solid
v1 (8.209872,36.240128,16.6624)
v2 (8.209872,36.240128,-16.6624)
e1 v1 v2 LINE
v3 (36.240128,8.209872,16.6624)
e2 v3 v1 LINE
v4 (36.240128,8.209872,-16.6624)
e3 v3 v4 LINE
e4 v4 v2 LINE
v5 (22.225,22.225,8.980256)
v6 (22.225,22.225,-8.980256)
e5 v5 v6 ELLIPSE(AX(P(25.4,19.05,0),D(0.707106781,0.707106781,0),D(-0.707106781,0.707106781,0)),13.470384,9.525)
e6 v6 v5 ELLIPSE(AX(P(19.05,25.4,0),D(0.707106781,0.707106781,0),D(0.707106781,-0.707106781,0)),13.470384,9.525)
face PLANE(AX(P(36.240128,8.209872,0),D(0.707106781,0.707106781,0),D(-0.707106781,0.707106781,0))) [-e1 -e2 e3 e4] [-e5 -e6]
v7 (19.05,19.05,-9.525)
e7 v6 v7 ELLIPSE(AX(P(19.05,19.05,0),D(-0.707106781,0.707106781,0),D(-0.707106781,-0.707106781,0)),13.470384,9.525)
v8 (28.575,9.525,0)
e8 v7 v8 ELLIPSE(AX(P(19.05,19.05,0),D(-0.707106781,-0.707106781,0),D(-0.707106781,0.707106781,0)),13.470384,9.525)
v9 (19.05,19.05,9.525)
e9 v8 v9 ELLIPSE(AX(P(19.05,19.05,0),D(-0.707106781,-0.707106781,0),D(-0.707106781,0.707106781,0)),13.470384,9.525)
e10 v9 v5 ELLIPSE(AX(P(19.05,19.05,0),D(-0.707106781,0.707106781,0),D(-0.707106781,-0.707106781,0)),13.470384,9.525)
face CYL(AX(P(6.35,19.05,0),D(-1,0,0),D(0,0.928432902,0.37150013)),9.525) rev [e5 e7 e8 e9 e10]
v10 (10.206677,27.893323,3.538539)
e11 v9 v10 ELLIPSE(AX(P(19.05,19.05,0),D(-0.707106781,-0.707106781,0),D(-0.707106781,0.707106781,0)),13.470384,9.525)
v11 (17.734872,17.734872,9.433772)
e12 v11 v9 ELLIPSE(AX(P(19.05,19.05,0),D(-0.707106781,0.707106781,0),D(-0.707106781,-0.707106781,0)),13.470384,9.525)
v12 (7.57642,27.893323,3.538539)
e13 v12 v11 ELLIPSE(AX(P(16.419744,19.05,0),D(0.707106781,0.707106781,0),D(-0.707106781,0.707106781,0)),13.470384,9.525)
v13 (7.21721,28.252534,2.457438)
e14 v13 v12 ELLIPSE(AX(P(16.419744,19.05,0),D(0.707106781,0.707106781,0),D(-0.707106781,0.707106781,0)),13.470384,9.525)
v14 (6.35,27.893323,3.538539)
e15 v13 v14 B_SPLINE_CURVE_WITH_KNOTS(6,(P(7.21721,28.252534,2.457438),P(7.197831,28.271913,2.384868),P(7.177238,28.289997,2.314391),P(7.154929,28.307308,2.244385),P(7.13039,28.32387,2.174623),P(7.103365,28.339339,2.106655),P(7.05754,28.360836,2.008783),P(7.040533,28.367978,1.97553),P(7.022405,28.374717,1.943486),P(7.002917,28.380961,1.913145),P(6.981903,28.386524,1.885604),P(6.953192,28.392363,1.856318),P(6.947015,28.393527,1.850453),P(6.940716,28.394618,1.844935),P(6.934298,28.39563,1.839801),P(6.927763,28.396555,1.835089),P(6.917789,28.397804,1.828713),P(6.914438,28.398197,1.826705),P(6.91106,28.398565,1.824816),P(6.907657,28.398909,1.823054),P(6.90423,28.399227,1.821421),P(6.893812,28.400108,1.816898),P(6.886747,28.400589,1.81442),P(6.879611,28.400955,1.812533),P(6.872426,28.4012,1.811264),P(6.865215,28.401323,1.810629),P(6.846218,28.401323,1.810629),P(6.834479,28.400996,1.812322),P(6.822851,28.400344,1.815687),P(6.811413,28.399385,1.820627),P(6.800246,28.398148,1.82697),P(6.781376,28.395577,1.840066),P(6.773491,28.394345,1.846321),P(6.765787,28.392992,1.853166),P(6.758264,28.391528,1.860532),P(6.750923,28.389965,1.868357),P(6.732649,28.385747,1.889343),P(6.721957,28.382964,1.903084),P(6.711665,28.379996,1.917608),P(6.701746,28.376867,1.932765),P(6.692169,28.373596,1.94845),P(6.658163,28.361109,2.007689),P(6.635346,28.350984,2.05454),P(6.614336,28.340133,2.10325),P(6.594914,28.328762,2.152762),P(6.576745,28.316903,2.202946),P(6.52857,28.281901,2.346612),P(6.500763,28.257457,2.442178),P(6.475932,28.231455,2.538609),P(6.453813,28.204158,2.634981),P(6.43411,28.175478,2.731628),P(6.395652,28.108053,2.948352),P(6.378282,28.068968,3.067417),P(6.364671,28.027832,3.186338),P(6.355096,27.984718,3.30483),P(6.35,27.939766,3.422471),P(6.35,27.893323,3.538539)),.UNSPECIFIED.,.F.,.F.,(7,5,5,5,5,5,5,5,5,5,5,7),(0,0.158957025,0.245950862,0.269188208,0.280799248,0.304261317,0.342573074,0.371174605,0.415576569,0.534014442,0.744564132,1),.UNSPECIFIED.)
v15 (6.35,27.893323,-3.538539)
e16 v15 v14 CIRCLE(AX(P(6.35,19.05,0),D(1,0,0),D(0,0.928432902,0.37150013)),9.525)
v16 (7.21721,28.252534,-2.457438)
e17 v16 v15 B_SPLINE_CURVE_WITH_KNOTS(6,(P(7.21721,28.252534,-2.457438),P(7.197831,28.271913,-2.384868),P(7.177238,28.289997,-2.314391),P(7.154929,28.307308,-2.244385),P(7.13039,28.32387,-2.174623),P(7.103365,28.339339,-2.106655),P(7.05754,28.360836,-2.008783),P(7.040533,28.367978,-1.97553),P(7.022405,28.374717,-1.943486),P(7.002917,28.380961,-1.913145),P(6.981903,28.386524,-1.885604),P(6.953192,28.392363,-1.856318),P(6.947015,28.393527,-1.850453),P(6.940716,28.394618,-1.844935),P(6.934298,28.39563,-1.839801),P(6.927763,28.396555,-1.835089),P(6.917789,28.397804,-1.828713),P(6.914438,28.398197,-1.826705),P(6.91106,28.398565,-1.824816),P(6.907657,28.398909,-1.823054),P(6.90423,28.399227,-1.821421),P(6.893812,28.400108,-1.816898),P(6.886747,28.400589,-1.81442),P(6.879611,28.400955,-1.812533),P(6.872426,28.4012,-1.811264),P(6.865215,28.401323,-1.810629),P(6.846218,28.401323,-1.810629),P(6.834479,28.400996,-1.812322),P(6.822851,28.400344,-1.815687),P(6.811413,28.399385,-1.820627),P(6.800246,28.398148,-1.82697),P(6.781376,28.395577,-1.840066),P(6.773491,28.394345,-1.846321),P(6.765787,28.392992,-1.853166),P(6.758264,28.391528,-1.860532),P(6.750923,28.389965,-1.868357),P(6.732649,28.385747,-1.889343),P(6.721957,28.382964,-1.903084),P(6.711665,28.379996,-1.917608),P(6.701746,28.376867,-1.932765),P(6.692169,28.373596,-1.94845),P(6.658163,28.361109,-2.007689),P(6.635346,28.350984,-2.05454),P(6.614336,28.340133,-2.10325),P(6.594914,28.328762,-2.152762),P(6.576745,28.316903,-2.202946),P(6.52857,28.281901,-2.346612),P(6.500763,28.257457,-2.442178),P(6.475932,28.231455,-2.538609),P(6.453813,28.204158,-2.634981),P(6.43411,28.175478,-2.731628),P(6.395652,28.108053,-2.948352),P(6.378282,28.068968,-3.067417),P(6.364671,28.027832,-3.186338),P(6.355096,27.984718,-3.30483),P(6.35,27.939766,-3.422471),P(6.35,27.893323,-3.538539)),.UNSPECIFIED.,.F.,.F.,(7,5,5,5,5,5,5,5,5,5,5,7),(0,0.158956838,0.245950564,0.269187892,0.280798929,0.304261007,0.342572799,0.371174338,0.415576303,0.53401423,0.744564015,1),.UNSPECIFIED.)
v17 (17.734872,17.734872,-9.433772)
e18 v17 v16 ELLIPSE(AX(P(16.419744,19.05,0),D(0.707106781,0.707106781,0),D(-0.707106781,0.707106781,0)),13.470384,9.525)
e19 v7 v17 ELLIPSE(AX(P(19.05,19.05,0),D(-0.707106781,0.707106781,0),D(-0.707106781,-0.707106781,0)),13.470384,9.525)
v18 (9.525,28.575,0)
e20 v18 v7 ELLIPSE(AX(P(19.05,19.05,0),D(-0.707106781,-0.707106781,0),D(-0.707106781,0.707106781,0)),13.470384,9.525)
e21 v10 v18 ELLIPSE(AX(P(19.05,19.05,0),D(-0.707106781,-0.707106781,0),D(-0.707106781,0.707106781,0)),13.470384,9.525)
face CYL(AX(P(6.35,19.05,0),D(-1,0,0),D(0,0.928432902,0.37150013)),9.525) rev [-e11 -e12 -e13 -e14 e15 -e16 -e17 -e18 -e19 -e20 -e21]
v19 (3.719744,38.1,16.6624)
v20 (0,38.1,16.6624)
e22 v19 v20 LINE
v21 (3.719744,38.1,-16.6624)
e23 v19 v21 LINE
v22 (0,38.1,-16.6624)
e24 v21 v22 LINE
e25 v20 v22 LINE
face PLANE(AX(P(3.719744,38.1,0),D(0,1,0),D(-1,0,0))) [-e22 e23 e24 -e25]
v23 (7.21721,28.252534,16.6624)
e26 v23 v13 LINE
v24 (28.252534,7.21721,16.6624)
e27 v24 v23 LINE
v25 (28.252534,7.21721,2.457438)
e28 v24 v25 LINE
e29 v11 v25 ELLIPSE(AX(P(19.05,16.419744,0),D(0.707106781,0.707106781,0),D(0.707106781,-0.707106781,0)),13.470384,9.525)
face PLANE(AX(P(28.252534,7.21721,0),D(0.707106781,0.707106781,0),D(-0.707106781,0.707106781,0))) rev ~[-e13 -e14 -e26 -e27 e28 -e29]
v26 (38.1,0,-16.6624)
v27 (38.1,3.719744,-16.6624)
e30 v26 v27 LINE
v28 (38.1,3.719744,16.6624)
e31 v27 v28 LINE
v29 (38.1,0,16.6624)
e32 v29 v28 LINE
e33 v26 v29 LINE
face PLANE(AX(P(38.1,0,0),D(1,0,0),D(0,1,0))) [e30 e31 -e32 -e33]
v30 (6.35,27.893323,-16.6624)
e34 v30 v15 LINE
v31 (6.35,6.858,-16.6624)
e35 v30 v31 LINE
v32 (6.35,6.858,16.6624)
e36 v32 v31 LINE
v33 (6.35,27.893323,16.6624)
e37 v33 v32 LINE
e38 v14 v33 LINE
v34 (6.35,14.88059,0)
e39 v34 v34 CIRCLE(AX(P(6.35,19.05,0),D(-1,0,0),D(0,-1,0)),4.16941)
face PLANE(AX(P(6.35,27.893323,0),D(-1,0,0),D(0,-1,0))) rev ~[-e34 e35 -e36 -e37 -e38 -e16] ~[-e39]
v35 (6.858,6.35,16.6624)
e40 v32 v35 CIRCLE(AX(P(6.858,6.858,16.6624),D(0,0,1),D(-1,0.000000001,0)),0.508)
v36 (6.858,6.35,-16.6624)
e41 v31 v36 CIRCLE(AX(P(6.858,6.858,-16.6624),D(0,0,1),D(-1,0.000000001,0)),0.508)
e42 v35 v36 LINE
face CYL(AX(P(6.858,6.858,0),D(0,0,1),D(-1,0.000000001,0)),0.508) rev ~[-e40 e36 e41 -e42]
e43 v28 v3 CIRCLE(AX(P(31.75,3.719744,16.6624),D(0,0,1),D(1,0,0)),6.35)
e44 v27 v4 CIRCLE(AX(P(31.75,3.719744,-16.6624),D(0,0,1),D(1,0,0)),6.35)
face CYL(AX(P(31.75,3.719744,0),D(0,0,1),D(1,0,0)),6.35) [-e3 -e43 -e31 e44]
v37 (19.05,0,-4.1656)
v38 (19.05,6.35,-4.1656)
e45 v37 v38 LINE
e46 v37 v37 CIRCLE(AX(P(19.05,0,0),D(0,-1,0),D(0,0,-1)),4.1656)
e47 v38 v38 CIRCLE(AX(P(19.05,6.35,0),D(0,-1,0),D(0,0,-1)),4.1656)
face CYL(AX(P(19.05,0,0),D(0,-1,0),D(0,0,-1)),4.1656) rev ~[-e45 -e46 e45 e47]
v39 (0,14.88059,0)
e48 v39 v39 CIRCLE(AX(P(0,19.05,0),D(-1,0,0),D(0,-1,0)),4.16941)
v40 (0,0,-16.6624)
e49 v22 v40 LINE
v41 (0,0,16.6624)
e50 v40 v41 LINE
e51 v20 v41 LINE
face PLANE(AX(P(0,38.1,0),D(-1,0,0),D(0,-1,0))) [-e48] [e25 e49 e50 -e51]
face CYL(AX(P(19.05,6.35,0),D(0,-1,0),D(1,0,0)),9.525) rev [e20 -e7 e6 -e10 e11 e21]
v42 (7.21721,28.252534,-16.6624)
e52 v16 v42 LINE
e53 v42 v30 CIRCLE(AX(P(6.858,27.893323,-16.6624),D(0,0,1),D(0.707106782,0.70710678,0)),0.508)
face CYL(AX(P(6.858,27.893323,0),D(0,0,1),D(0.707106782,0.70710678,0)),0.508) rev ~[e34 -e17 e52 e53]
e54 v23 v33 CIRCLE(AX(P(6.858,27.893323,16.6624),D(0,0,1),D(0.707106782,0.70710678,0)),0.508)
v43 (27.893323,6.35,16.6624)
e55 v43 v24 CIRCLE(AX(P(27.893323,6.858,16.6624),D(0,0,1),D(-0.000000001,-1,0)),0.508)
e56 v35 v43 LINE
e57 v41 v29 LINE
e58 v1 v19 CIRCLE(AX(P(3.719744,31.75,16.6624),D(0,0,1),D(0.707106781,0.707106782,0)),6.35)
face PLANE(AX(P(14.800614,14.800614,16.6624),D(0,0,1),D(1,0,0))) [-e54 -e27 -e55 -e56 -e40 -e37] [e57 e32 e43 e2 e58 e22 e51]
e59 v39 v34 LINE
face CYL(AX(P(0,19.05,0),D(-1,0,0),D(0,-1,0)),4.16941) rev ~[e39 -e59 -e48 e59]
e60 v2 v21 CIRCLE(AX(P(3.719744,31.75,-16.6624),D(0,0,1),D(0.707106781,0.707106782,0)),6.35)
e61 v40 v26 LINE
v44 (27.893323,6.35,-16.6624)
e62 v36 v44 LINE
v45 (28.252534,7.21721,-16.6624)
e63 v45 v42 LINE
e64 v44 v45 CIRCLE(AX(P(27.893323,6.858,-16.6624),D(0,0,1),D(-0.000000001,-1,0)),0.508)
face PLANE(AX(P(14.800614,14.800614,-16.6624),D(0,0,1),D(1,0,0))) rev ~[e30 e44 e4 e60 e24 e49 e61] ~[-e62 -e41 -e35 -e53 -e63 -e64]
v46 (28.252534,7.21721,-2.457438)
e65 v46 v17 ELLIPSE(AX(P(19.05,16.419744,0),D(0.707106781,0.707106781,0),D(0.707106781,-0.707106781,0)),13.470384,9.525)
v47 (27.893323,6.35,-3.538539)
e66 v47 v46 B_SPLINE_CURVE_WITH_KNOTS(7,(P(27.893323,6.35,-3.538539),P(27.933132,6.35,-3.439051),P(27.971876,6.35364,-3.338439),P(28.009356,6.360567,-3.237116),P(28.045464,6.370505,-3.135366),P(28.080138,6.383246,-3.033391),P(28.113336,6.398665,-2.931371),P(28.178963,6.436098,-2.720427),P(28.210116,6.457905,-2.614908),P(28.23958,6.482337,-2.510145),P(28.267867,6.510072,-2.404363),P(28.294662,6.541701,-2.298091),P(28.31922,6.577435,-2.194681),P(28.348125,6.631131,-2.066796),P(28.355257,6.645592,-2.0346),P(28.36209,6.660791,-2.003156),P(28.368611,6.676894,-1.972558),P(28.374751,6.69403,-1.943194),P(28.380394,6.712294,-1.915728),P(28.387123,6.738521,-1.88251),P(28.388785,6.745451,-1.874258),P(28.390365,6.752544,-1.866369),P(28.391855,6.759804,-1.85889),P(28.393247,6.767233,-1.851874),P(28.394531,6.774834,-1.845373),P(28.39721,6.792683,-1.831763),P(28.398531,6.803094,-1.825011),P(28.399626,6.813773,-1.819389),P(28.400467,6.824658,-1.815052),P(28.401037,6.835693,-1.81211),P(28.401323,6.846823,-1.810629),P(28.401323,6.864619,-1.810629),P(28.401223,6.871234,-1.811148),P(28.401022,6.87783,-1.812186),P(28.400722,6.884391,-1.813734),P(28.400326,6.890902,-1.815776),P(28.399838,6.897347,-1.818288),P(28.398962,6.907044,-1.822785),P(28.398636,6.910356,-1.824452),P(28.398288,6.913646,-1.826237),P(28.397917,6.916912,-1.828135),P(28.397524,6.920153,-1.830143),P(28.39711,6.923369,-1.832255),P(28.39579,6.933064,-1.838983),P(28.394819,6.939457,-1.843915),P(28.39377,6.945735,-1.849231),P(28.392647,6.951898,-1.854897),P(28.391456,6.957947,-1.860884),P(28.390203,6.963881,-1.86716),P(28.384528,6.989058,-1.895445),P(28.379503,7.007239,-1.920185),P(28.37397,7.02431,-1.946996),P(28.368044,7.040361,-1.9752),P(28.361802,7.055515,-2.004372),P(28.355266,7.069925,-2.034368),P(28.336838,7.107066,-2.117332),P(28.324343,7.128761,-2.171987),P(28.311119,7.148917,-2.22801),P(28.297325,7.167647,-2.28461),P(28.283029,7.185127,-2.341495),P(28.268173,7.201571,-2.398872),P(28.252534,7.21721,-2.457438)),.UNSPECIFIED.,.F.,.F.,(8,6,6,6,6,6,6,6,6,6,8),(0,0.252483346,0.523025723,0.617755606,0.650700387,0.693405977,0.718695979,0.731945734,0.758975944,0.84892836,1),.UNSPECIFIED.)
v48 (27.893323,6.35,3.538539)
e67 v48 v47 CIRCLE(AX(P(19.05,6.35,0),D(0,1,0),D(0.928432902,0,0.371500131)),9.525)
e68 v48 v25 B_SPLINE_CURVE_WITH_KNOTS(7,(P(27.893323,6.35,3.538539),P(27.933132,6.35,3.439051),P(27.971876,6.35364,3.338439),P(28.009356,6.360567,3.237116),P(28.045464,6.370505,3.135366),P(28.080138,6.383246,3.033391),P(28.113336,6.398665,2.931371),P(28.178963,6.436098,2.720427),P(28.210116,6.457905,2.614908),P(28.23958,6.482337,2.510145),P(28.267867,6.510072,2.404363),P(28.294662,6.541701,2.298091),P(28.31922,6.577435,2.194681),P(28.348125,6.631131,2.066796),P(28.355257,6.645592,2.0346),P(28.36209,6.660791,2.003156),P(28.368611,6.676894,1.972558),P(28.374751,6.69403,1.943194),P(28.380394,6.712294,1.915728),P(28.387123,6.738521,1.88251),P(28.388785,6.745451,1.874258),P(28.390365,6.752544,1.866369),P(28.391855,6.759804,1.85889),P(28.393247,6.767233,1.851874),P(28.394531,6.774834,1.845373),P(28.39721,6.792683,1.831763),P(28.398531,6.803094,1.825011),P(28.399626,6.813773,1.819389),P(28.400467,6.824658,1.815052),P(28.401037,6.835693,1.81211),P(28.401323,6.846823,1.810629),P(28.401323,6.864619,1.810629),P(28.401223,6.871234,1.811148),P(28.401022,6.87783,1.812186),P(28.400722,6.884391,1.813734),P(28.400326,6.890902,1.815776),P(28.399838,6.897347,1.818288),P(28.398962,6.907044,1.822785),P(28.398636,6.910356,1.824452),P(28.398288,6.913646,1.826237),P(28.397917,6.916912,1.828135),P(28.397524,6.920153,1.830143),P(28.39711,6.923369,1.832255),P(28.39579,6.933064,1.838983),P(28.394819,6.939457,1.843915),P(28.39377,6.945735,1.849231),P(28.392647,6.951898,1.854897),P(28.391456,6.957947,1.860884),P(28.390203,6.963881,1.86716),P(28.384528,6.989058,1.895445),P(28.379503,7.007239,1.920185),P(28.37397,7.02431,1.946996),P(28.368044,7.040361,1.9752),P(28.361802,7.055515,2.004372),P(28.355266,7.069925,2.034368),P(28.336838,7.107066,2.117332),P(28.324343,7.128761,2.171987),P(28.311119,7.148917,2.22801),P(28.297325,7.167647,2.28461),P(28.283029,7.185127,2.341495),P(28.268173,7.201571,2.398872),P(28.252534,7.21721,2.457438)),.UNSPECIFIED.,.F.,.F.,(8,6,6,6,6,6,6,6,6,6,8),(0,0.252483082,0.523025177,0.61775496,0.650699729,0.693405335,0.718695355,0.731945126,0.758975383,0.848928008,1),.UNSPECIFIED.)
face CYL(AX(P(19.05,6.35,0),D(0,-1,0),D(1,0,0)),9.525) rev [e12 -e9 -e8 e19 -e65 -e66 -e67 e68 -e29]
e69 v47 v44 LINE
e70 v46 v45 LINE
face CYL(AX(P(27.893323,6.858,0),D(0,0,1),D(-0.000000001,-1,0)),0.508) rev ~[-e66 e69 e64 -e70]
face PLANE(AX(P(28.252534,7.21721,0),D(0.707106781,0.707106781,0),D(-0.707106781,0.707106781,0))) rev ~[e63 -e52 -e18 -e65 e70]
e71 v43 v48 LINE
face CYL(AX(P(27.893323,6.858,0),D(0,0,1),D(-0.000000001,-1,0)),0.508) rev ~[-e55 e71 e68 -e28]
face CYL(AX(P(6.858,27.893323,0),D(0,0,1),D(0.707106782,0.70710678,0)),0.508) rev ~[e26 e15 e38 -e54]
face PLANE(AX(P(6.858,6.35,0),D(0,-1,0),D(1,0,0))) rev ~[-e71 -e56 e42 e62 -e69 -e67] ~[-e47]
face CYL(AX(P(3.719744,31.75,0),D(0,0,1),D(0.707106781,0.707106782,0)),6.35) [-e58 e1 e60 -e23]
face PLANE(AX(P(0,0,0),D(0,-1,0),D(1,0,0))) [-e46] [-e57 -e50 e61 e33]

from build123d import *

# Parameters (mm, degrees)
BOSS_EXTRUDE2_DEPTH = 16.6624
CUT_EXTRUDE1_REACH  = 58.399
SKETCH3_R           = 4.16941
SKETCH4_R           = 9.525
CUT_EXTRUDE2_DEPTH  = 36.068
CUT_EXTRUDE3_REACH  = 58.399
SKETCH5_R           = 4.1656
SKETCH6_R           = 9.525
CUT_EXTRUDE4_DEPTH  = 36.068


with BuildPart() as part:
    # Sketch2 → Boss-Extrude2 (new, symmetric)
    with BuildSketch(Plane.XY):
        with BuildLine():
            Line((0, 38.1), (0, 0))
            Line((0, 0), (38.1, 0))
            Line((38.1, 0), (38.1, 3.719743879))
            ThreePointArc((38.1, 3.719743879), (37.616635031, 6.149783674), (36.240128061, 8.209871939))
            Line((36.240128061, 8.209871939), (8.209871939, 36.240128061))
            ThreePointArc((8.209871939, 36.240128061), (6.149783674, 37.616635031), (3.719743879, 38.1))
            Line((3.719743879, 38.1), (0, 38.1))
        make_face()
        with BuildLine():
            Line((6.35, 27.893323389), (6.35, 6.858))
            ThreePointArc((6.35, 6.858), (6.498789755, 6.498789755), (6.858, 6.35))
            Line((6.858, 6.35), (27.893323389, 6.35))
            ThreePointArc((27.893323389, 6.35), (28.362654192, 6.663596816), (28.252533634, 7.217210245))
            Line((28.252533634, 7.217210245), (7.217210245, 28.252533634))
            ThreePointArc((7.217210245, 28.252533634), (6.663596816, 28.362654192), (6.35, 27.893323389))
        make_face(mode=Mode.SUBTRACT)
    extrude(amount=BOSS_EXTRUDE2_DEPTH, both=True)

    # Sketch3 → Cut-Extrude1 (cut, up to next)
    with BuildSketch(Plane.ZY, mode=Mode.PRIVATE) as cut_extrude1_sk1:
        with Locations(Location((0, 19.05, 0), (0, 0, 270))):
            Circle(SKETCH3_R)
    cut_extrude1_tool1 = extrude(cut_extrude1_sk1.sketch, amount=-CUT_EXTRUDE1_REACH, mode=Mode.PRIVATE) & part.part
    add(cut_extrude1_tool1.solids().sort_by_distance((0, 19.05, 0))[0], mode=Mode.SUBTRACT)

    # Sketch4 → Cut-Extrude2 (cut)
    with BuildSketch(Plane(origin=(6.35, 0, 0), x_dir=(0, 0, -1), z_dir=(1, 0, 0))):
        with Locations(Location((0, 19.05, 0), (0, 0, 111.808163998))):
            Circle(SKETCH4_R)
    extrude(amount=CUT_EXTRUDE2_DEPTH, mode=Mode.SUBTRACT)

    # Sketch5 → Cut-Extrude3 (cut, up to next)
    with BuildSketch(Plane.XZ, mode=Mode.PRIVATE) as cut_extrude3_sk1:
        with Locations(Location((19.05, 0, 0), (0, 0, 270))):
            Circle(SKETCH5_R)
    cut_extrude3_tool1 = extrude(cut_extrude3_sk1.sketch, amount=-CUT_EXTRUDE3_REACH, mode=Mode.PRIVATE) & part.part
    add(cut_extrude3_tool1.solids().sort_by_distance((19.05, 0, 0))[0], mode=Mode.SUBTRACT)

    # Sketch6 → Cut-Extrude4 (cut)
    with BuildSketch(Plane(origin=(0, 6.35, 0), x_dir=(1, 0, 0), z_dir=(0, 1, 0))):
        with Locations((19.05, 0)):
            Circle(SKETCH6_R)
    extrude(amount=CUT_EXTRUDE4_DEPTH, mode=Mode.SUBTRACT)


solid = part.part
